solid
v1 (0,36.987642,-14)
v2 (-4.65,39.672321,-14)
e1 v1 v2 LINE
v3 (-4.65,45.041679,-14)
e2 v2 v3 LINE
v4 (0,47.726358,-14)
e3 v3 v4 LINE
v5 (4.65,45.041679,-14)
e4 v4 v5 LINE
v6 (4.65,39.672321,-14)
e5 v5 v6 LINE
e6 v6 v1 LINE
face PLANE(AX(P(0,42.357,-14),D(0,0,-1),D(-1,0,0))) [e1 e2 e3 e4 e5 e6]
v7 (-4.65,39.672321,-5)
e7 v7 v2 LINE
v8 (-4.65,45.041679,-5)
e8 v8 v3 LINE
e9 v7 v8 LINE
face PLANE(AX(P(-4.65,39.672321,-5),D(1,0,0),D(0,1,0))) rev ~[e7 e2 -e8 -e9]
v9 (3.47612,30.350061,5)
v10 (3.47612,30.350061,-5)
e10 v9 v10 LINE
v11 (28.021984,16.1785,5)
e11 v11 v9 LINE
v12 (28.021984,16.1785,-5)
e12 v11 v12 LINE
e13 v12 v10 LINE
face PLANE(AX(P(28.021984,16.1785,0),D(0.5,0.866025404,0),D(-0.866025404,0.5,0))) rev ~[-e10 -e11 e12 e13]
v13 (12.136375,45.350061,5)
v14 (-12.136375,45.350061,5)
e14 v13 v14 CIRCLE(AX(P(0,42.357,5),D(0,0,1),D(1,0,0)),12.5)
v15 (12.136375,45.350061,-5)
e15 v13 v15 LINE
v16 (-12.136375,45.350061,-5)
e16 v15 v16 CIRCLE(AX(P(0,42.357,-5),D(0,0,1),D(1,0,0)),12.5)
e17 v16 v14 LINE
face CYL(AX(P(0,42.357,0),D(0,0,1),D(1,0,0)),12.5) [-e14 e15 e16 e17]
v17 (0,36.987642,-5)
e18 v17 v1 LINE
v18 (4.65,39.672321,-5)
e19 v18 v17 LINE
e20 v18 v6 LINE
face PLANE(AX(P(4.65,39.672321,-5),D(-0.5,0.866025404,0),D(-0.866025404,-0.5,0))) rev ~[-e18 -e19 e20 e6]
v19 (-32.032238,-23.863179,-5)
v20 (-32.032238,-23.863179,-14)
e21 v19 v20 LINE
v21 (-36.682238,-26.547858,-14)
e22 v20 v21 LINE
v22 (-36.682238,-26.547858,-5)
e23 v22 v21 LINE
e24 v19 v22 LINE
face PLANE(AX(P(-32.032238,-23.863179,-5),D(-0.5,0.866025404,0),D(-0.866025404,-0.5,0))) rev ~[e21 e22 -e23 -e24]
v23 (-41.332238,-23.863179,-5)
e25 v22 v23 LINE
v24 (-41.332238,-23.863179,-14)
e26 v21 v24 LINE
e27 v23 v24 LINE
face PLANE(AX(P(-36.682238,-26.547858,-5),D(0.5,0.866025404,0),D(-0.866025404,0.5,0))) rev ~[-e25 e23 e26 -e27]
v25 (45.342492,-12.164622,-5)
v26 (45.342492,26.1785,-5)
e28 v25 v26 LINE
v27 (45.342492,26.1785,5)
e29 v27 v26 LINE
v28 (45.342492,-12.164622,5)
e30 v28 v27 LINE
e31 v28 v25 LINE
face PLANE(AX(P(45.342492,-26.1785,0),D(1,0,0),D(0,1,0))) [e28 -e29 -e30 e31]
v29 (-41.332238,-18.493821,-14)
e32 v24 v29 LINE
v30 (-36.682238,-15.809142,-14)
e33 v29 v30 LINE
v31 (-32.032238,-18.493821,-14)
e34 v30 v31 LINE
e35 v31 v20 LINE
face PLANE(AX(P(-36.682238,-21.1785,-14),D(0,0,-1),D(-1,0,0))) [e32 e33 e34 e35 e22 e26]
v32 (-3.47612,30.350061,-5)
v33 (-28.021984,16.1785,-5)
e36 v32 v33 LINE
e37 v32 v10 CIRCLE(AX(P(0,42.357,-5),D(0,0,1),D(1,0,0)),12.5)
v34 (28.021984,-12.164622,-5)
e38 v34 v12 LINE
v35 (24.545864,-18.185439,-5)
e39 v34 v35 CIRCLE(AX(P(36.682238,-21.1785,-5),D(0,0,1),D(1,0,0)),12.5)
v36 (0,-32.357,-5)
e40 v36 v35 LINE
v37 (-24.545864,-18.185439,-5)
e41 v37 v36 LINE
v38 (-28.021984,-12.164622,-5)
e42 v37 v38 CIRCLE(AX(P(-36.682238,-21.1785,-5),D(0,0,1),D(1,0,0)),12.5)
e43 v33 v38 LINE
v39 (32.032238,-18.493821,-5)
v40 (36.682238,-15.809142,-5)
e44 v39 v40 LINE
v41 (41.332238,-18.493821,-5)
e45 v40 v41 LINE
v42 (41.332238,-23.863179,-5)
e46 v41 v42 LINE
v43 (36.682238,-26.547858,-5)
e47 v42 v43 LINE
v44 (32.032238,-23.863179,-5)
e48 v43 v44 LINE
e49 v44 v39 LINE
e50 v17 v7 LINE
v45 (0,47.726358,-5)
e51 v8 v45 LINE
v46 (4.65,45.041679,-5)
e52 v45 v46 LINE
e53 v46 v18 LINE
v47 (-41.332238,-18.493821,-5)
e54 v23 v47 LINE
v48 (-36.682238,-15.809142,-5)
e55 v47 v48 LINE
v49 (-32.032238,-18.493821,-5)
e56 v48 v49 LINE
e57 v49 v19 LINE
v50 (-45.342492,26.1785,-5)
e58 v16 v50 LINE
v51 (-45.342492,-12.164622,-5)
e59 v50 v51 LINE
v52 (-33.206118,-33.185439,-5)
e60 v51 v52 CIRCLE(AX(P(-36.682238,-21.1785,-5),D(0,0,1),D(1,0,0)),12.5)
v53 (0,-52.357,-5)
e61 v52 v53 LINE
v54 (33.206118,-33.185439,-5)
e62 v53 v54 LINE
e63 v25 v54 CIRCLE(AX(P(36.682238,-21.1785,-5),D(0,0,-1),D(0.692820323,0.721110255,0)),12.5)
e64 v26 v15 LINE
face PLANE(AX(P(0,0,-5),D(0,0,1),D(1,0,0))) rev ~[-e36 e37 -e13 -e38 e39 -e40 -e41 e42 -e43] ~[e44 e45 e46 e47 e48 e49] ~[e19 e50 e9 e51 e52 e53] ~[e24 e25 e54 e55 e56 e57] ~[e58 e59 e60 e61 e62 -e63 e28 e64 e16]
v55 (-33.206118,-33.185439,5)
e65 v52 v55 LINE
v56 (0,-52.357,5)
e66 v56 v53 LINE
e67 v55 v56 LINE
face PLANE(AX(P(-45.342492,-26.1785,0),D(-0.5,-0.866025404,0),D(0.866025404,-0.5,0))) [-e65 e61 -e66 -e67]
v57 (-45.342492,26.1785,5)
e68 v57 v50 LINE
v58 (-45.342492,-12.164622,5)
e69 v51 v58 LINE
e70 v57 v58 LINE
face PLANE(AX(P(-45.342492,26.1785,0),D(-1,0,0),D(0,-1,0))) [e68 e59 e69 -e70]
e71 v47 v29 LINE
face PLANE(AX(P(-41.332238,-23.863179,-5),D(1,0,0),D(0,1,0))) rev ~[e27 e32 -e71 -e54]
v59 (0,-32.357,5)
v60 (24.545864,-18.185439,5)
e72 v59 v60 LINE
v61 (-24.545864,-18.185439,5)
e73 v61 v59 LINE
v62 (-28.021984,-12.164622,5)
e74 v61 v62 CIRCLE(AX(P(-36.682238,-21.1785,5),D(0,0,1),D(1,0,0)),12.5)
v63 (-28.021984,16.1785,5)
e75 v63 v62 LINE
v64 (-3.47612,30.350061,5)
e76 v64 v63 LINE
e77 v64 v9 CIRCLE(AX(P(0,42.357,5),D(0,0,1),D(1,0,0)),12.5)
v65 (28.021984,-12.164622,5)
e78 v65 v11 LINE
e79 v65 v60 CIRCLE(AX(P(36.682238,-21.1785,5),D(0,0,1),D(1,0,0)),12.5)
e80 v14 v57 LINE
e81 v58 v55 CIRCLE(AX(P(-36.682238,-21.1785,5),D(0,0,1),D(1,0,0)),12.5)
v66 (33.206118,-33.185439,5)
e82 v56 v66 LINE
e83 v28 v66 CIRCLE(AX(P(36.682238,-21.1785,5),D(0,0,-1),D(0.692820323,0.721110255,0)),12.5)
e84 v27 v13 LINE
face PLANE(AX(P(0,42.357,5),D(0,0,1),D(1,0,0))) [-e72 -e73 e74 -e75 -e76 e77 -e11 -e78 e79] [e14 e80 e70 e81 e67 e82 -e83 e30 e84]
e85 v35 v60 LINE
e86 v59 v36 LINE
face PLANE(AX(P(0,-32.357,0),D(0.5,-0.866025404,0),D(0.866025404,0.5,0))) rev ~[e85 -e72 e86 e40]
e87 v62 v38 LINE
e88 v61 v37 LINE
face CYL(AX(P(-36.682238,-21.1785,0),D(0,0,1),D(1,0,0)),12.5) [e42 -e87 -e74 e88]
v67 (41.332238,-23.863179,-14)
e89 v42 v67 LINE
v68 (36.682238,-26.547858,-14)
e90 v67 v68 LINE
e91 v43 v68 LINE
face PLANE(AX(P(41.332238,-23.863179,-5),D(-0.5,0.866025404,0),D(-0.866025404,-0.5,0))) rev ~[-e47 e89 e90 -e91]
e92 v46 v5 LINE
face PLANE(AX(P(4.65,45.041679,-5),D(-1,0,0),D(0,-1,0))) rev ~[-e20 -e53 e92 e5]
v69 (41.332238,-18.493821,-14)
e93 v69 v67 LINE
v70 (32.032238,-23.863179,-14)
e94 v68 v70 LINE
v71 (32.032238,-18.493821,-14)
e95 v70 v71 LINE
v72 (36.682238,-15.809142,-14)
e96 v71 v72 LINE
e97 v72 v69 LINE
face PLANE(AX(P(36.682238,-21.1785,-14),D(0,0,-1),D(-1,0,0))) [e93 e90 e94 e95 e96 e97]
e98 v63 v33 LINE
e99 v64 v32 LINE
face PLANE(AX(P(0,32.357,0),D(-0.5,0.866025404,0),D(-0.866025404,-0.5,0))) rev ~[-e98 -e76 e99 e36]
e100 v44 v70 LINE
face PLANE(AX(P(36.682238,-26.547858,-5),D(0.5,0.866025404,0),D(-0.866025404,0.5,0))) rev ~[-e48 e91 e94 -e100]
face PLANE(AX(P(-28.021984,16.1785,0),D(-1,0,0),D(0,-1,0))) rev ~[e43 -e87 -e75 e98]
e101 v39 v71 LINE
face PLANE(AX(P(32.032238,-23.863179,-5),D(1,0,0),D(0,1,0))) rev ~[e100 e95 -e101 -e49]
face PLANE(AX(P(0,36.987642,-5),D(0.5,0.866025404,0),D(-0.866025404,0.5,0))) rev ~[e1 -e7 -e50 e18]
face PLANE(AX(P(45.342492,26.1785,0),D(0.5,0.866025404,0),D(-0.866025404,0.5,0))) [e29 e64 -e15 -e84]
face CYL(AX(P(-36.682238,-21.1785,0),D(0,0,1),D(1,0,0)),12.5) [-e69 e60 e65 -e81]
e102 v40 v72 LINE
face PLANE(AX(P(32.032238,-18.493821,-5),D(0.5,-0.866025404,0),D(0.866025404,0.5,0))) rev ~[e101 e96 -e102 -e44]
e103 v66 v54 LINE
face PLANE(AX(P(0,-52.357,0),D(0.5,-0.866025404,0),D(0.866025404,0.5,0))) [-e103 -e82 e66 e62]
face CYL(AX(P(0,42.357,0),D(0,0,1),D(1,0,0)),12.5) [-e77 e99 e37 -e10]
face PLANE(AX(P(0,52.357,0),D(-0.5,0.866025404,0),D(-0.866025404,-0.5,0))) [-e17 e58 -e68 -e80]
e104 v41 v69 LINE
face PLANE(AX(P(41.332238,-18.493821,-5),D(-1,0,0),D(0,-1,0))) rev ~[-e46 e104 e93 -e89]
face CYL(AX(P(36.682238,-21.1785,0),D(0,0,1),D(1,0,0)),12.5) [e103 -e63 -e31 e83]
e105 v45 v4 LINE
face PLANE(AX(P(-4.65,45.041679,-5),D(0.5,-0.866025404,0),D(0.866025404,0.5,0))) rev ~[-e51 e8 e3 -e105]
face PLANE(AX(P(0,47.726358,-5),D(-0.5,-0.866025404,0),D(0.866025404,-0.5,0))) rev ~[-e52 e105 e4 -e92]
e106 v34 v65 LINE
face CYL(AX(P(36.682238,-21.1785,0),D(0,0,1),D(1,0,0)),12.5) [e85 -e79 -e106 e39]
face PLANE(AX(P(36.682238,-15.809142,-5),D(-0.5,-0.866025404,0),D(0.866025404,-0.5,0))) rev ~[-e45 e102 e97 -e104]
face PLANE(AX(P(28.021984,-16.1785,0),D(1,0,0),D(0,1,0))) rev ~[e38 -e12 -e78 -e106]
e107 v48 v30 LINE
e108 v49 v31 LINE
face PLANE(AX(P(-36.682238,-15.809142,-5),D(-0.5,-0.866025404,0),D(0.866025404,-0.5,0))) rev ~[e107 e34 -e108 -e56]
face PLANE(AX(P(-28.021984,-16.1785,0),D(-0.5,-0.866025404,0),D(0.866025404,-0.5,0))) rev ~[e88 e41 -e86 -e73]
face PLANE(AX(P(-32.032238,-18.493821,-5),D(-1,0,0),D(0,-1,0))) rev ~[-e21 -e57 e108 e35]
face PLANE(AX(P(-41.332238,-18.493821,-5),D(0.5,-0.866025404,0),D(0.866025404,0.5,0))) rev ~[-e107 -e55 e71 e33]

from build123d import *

# Parameters (mm, degrees)
SKETCH3_R           = 12.5
BOSS_EXTRUDE2_DEPTH = 5
BOSS_EXTRUDE3_DEPTH = 9


with BuildPart() as part:
    # Sketch3 → Boss-Extrude2 (new, symmetric)
    # profile 1 of 4: a face of its own
    with BuildSketch(Plane.XY):
        with Locations((-36.682238028, -21.1785)):
            Circle(SKETCH3_R)
    # profile 2 of 4: a face of its own
    with BuildSketch(Plane.XY):
        with Locations((36.682238028, -21.1785)):
            Circle(SKETCH3_R)
    # profile 3 of 4: a face of its own
    with BuildSketch(Plane.XY):
        with Locations((0, 42.357)):
            Circle(SKETCH3_R)
    # profile 4 of 4: a face of its own
    with BuildSketch(Plane.XY):
        Polygon((0, 52.357), (-45.342492066, 26.1785), (-45.342492066, -26.1785), (0, -52.357), (45.342492066, -26.1785), (45.342492066, 26.1785), align=None)
        Polygon((0, 32.357), (-28.02198399, 16.1785), (-28.02198399, -16.1785), (0, -32.357), (28.02198399, -16.1785), (28.02198399, 16.1785), align=None, mode=Mode.SUBTRACT)
    extrude(amount=BOSS_EXTRUDE2_DEPTH, both=True)

    # Sketch4 → Boss-Extrude3 (add)
    with BuildSketch(Plane(origin=(0, 0, -5), x_dir=(-1, 0, 0), z_dir=(0, 0, -1))):
        Polygon((-41.332238028, -23.863178752), (-36.682238028, -26.547857503), (-32.032238028, -23.863178752), (-32.032238028, -18.493821248), (-36.682238028, -15.809142497), (-41.332238028, -18.493821248), align=None)
        Polygon((41.332238028, -23.863178752), (41.332238028, -18.493821248), (36.682238028, -15.809142497), (32.032238028, -18.493821248), (32.032238028, -23.863178752), (36.682238028, -26.547857503), align=None)
        Polygon((0, 47.726357503), (-4.65, 45.041678752), (-4.65, 39.672321248), (0, 36.987642497), (4.65, 39.672321248), (4.65, 45.041678752), align=None)
    extrude(amount=BOSS_EXTRUDE3_DEPTH)


solid = part.part
